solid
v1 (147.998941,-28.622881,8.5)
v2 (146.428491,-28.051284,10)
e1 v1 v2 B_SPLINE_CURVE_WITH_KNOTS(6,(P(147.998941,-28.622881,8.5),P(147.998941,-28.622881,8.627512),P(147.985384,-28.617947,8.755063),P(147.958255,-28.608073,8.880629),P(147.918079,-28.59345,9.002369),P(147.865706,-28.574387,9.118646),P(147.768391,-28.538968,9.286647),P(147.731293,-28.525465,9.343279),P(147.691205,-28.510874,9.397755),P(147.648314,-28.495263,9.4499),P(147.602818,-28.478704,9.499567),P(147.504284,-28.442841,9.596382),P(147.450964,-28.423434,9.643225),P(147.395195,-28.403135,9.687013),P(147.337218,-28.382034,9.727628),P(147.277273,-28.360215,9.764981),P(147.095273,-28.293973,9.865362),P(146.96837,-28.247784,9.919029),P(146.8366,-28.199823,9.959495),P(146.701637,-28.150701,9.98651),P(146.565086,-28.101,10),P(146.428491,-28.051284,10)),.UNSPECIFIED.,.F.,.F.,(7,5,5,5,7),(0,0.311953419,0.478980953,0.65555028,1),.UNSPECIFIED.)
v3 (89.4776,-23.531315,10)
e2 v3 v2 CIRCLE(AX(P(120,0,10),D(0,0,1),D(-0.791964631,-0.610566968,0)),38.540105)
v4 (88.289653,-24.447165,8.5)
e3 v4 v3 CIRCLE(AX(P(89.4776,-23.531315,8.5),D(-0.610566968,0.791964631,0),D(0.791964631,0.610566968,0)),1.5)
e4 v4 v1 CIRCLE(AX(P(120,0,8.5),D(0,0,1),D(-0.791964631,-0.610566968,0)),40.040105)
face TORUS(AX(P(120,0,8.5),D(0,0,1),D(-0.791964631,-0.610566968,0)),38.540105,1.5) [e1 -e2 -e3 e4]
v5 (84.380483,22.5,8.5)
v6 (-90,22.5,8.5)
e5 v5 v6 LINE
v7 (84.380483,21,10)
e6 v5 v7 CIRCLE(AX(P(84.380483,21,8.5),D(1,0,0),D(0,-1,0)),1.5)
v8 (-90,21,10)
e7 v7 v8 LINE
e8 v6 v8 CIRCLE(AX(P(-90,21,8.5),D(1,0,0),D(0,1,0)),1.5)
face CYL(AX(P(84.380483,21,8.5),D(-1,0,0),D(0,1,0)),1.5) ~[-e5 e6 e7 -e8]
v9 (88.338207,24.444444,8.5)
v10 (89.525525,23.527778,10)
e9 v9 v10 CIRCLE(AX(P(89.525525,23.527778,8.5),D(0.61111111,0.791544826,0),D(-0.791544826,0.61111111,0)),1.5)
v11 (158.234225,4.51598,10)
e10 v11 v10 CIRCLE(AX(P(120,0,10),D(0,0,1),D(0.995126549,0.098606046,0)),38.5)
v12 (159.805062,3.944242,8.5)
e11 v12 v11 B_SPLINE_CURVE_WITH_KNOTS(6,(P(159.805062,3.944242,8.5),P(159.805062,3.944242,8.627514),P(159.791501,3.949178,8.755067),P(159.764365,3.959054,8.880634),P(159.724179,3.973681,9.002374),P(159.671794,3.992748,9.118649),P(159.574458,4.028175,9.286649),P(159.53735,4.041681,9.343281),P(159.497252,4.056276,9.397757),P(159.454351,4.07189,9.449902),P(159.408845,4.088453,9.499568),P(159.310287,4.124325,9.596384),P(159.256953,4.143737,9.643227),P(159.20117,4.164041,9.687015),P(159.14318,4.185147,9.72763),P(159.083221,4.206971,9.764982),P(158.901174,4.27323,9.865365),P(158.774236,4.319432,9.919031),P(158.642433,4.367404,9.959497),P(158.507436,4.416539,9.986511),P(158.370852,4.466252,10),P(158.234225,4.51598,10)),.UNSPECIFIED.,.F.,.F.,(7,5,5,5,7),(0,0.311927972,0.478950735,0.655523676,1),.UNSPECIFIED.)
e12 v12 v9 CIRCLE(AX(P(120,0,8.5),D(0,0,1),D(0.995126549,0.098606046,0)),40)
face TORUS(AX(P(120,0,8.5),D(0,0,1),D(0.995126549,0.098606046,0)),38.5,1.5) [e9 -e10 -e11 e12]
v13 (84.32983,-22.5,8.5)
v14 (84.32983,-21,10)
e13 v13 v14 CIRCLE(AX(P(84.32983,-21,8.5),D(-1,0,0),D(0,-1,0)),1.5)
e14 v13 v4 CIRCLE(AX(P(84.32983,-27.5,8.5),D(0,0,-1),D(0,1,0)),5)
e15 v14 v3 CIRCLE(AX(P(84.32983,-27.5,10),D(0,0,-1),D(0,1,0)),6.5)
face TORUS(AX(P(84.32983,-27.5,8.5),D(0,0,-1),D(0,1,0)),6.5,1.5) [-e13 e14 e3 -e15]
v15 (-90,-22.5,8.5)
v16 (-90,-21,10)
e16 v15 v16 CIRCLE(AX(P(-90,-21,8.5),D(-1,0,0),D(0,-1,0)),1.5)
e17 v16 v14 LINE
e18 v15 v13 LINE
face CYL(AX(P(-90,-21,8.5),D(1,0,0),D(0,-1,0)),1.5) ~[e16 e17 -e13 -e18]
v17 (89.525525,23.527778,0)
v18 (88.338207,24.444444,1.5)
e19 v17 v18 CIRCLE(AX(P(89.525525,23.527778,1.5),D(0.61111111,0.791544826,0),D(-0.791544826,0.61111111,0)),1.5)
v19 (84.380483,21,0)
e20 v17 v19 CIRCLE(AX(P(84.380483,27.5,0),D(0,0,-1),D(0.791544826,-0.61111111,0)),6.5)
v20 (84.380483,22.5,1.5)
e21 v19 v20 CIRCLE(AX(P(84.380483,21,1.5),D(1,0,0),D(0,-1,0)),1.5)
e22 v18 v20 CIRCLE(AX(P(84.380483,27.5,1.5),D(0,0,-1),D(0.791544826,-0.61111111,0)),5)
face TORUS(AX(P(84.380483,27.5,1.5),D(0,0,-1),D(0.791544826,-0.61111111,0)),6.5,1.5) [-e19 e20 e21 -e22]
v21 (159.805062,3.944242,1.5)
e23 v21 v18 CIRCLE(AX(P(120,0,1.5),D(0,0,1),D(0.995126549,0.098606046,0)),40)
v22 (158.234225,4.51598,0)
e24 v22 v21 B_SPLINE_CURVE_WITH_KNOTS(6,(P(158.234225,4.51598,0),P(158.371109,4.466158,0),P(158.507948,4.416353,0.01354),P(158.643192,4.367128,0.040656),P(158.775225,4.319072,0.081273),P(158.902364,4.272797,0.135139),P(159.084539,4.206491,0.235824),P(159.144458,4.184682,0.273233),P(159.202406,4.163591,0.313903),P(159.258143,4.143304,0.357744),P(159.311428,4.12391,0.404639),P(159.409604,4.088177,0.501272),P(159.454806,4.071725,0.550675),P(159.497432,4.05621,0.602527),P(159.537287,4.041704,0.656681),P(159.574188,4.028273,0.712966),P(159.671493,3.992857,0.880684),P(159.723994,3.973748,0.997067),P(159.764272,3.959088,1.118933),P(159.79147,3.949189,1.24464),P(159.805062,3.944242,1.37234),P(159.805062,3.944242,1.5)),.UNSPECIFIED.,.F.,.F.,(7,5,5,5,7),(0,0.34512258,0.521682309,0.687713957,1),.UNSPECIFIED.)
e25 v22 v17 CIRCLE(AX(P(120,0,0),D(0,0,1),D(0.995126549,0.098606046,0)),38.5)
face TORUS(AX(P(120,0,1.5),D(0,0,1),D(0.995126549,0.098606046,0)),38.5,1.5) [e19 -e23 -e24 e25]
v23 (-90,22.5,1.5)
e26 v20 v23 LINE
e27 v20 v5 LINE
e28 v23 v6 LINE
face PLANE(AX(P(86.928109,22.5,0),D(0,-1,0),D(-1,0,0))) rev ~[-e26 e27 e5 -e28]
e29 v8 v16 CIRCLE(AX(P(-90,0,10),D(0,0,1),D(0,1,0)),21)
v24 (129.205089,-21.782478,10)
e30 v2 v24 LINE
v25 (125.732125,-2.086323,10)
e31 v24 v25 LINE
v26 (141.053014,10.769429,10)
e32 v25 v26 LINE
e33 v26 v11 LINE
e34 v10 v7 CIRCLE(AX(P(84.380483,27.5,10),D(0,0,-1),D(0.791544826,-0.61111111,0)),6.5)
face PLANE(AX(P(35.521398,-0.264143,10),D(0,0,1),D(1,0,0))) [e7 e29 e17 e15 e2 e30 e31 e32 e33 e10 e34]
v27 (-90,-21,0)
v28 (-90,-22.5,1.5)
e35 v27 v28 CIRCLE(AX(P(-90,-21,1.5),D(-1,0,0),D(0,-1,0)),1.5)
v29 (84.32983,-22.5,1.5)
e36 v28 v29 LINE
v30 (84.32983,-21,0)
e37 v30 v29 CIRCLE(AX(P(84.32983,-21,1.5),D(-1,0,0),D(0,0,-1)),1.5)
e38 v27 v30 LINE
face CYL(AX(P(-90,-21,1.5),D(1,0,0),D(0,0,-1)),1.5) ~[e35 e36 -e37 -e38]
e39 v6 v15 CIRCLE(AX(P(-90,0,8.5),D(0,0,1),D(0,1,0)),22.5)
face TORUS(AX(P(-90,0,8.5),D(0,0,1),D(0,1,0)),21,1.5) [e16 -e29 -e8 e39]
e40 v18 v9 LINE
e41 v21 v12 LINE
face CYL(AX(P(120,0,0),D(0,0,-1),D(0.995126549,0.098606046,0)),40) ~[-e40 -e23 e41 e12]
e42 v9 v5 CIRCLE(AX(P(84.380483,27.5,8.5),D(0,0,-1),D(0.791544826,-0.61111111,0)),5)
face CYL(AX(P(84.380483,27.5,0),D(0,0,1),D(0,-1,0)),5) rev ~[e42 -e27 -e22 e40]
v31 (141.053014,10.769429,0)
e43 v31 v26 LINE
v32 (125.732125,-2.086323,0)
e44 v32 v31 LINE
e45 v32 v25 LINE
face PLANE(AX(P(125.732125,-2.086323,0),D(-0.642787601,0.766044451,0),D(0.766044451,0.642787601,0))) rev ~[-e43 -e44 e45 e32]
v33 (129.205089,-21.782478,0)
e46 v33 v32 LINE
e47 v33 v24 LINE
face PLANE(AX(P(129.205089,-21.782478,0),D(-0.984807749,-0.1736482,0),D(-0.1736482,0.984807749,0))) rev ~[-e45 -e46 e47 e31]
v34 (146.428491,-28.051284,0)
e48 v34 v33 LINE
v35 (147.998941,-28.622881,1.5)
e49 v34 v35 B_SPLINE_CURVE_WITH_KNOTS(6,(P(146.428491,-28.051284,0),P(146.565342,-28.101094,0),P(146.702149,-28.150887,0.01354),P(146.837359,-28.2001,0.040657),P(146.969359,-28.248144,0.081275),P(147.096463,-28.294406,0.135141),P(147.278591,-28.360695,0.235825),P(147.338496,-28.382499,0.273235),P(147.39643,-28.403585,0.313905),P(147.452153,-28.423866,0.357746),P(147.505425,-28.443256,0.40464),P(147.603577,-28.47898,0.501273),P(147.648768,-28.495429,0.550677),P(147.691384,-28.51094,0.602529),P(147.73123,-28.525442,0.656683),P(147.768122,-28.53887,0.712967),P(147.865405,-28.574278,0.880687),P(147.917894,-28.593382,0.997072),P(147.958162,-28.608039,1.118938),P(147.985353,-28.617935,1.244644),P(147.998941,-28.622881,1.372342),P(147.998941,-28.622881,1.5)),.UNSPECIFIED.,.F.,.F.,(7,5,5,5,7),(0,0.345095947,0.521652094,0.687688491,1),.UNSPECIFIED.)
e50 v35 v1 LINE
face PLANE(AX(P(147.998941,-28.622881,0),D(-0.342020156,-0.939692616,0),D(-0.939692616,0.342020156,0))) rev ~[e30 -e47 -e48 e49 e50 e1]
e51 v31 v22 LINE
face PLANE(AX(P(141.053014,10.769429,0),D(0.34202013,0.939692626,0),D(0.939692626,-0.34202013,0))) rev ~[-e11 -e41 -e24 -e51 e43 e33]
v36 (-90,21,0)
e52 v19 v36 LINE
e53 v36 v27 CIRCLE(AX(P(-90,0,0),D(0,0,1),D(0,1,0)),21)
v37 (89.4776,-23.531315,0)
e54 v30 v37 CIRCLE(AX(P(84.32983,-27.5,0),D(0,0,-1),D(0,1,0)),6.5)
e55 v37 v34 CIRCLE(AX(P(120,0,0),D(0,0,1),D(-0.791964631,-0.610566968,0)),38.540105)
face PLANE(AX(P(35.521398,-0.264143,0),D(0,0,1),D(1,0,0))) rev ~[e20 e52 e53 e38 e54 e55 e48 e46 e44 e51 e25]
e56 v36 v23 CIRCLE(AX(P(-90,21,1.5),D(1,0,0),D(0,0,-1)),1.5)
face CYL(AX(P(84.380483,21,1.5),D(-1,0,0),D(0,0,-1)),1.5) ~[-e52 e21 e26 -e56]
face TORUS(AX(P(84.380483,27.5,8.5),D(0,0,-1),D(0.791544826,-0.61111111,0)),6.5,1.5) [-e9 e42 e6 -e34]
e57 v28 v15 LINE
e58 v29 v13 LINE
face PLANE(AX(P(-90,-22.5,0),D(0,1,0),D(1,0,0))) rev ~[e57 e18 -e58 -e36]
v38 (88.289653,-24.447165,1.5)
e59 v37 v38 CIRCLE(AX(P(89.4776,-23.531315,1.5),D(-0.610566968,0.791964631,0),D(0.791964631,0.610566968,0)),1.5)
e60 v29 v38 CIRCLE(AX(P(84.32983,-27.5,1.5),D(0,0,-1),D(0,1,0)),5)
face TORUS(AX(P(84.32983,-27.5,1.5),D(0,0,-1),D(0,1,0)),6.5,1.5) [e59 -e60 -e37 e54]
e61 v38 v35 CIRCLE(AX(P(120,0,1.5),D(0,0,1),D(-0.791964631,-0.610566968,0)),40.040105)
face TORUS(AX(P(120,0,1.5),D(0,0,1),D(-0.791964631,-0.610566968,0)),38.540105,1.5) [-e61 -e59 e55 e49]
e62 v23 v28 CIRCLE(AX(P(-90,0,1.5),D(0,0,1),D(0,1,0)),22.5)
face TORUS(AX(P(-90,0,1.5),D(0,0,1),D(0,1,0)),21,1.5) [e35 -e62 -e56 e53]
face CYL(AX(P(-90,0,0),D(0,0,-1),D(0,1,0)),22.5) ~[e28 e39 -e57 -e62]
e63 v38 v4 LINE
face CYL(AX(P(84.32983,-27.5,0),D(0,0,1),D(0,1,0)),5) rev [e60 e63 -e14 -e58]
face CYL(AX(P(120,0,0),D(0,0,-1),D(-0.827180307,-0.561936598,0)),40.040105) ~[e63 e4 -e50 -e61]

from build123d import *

# Parameters (mm, degrees)
F1_DEPTH = 10
F2_R     = 5
F3_R     = 1.5


with BuildPart() as f1:
    # F0 (on Top) → F1 (new body)
    with BuildSketch(Plane.XY):
        with BuildLine():
            Line((86.928109, 22.5), (-90, 22.5))
            ThreePointArc((-90, 22.5), (-112.5, 0), (-90, -22.5))
            Line((-90, -22.5), (86.879614, -22.5))
            ThreePointArc((86.879614, -22.5), (116.008795, -39.840686), (147.998941, -28.622881))
            Line((147.998941, -28.622881), (129.205089, -21.782478))
            Line((129.205089, -21.782478), (125.732125, -2.086323))
            Line((125.732125, -2.086323), (141.053014, 10.769429))
            Line((141.053014, 10.769429), (159.805062, 3.944242))
            ThreePointArc((159.805062, 3.944242), (129.869799, 38.763218), (86.928109, 22.5))
        make_face()
    extrude(amount=F1_DEPTH)

    # F2
    f2_edges = [f1.edges().sort_by_distance(p)[0] for p in [
        (86.928109, 22.5, 5),
        (86.879614, -22.5, 5),
    ]]
    fillet(f2_edges, radius=F2_R)

    # F3
    f3_edges = [f1.edges().sort_by_distance(p)[0] for p in [
        (-2.809759, 22.5, 10),
        (-2.835085, -22.5, 0),
    ]]
    fillet(f3_edges, radius=F3_R)


solid = f1.part
